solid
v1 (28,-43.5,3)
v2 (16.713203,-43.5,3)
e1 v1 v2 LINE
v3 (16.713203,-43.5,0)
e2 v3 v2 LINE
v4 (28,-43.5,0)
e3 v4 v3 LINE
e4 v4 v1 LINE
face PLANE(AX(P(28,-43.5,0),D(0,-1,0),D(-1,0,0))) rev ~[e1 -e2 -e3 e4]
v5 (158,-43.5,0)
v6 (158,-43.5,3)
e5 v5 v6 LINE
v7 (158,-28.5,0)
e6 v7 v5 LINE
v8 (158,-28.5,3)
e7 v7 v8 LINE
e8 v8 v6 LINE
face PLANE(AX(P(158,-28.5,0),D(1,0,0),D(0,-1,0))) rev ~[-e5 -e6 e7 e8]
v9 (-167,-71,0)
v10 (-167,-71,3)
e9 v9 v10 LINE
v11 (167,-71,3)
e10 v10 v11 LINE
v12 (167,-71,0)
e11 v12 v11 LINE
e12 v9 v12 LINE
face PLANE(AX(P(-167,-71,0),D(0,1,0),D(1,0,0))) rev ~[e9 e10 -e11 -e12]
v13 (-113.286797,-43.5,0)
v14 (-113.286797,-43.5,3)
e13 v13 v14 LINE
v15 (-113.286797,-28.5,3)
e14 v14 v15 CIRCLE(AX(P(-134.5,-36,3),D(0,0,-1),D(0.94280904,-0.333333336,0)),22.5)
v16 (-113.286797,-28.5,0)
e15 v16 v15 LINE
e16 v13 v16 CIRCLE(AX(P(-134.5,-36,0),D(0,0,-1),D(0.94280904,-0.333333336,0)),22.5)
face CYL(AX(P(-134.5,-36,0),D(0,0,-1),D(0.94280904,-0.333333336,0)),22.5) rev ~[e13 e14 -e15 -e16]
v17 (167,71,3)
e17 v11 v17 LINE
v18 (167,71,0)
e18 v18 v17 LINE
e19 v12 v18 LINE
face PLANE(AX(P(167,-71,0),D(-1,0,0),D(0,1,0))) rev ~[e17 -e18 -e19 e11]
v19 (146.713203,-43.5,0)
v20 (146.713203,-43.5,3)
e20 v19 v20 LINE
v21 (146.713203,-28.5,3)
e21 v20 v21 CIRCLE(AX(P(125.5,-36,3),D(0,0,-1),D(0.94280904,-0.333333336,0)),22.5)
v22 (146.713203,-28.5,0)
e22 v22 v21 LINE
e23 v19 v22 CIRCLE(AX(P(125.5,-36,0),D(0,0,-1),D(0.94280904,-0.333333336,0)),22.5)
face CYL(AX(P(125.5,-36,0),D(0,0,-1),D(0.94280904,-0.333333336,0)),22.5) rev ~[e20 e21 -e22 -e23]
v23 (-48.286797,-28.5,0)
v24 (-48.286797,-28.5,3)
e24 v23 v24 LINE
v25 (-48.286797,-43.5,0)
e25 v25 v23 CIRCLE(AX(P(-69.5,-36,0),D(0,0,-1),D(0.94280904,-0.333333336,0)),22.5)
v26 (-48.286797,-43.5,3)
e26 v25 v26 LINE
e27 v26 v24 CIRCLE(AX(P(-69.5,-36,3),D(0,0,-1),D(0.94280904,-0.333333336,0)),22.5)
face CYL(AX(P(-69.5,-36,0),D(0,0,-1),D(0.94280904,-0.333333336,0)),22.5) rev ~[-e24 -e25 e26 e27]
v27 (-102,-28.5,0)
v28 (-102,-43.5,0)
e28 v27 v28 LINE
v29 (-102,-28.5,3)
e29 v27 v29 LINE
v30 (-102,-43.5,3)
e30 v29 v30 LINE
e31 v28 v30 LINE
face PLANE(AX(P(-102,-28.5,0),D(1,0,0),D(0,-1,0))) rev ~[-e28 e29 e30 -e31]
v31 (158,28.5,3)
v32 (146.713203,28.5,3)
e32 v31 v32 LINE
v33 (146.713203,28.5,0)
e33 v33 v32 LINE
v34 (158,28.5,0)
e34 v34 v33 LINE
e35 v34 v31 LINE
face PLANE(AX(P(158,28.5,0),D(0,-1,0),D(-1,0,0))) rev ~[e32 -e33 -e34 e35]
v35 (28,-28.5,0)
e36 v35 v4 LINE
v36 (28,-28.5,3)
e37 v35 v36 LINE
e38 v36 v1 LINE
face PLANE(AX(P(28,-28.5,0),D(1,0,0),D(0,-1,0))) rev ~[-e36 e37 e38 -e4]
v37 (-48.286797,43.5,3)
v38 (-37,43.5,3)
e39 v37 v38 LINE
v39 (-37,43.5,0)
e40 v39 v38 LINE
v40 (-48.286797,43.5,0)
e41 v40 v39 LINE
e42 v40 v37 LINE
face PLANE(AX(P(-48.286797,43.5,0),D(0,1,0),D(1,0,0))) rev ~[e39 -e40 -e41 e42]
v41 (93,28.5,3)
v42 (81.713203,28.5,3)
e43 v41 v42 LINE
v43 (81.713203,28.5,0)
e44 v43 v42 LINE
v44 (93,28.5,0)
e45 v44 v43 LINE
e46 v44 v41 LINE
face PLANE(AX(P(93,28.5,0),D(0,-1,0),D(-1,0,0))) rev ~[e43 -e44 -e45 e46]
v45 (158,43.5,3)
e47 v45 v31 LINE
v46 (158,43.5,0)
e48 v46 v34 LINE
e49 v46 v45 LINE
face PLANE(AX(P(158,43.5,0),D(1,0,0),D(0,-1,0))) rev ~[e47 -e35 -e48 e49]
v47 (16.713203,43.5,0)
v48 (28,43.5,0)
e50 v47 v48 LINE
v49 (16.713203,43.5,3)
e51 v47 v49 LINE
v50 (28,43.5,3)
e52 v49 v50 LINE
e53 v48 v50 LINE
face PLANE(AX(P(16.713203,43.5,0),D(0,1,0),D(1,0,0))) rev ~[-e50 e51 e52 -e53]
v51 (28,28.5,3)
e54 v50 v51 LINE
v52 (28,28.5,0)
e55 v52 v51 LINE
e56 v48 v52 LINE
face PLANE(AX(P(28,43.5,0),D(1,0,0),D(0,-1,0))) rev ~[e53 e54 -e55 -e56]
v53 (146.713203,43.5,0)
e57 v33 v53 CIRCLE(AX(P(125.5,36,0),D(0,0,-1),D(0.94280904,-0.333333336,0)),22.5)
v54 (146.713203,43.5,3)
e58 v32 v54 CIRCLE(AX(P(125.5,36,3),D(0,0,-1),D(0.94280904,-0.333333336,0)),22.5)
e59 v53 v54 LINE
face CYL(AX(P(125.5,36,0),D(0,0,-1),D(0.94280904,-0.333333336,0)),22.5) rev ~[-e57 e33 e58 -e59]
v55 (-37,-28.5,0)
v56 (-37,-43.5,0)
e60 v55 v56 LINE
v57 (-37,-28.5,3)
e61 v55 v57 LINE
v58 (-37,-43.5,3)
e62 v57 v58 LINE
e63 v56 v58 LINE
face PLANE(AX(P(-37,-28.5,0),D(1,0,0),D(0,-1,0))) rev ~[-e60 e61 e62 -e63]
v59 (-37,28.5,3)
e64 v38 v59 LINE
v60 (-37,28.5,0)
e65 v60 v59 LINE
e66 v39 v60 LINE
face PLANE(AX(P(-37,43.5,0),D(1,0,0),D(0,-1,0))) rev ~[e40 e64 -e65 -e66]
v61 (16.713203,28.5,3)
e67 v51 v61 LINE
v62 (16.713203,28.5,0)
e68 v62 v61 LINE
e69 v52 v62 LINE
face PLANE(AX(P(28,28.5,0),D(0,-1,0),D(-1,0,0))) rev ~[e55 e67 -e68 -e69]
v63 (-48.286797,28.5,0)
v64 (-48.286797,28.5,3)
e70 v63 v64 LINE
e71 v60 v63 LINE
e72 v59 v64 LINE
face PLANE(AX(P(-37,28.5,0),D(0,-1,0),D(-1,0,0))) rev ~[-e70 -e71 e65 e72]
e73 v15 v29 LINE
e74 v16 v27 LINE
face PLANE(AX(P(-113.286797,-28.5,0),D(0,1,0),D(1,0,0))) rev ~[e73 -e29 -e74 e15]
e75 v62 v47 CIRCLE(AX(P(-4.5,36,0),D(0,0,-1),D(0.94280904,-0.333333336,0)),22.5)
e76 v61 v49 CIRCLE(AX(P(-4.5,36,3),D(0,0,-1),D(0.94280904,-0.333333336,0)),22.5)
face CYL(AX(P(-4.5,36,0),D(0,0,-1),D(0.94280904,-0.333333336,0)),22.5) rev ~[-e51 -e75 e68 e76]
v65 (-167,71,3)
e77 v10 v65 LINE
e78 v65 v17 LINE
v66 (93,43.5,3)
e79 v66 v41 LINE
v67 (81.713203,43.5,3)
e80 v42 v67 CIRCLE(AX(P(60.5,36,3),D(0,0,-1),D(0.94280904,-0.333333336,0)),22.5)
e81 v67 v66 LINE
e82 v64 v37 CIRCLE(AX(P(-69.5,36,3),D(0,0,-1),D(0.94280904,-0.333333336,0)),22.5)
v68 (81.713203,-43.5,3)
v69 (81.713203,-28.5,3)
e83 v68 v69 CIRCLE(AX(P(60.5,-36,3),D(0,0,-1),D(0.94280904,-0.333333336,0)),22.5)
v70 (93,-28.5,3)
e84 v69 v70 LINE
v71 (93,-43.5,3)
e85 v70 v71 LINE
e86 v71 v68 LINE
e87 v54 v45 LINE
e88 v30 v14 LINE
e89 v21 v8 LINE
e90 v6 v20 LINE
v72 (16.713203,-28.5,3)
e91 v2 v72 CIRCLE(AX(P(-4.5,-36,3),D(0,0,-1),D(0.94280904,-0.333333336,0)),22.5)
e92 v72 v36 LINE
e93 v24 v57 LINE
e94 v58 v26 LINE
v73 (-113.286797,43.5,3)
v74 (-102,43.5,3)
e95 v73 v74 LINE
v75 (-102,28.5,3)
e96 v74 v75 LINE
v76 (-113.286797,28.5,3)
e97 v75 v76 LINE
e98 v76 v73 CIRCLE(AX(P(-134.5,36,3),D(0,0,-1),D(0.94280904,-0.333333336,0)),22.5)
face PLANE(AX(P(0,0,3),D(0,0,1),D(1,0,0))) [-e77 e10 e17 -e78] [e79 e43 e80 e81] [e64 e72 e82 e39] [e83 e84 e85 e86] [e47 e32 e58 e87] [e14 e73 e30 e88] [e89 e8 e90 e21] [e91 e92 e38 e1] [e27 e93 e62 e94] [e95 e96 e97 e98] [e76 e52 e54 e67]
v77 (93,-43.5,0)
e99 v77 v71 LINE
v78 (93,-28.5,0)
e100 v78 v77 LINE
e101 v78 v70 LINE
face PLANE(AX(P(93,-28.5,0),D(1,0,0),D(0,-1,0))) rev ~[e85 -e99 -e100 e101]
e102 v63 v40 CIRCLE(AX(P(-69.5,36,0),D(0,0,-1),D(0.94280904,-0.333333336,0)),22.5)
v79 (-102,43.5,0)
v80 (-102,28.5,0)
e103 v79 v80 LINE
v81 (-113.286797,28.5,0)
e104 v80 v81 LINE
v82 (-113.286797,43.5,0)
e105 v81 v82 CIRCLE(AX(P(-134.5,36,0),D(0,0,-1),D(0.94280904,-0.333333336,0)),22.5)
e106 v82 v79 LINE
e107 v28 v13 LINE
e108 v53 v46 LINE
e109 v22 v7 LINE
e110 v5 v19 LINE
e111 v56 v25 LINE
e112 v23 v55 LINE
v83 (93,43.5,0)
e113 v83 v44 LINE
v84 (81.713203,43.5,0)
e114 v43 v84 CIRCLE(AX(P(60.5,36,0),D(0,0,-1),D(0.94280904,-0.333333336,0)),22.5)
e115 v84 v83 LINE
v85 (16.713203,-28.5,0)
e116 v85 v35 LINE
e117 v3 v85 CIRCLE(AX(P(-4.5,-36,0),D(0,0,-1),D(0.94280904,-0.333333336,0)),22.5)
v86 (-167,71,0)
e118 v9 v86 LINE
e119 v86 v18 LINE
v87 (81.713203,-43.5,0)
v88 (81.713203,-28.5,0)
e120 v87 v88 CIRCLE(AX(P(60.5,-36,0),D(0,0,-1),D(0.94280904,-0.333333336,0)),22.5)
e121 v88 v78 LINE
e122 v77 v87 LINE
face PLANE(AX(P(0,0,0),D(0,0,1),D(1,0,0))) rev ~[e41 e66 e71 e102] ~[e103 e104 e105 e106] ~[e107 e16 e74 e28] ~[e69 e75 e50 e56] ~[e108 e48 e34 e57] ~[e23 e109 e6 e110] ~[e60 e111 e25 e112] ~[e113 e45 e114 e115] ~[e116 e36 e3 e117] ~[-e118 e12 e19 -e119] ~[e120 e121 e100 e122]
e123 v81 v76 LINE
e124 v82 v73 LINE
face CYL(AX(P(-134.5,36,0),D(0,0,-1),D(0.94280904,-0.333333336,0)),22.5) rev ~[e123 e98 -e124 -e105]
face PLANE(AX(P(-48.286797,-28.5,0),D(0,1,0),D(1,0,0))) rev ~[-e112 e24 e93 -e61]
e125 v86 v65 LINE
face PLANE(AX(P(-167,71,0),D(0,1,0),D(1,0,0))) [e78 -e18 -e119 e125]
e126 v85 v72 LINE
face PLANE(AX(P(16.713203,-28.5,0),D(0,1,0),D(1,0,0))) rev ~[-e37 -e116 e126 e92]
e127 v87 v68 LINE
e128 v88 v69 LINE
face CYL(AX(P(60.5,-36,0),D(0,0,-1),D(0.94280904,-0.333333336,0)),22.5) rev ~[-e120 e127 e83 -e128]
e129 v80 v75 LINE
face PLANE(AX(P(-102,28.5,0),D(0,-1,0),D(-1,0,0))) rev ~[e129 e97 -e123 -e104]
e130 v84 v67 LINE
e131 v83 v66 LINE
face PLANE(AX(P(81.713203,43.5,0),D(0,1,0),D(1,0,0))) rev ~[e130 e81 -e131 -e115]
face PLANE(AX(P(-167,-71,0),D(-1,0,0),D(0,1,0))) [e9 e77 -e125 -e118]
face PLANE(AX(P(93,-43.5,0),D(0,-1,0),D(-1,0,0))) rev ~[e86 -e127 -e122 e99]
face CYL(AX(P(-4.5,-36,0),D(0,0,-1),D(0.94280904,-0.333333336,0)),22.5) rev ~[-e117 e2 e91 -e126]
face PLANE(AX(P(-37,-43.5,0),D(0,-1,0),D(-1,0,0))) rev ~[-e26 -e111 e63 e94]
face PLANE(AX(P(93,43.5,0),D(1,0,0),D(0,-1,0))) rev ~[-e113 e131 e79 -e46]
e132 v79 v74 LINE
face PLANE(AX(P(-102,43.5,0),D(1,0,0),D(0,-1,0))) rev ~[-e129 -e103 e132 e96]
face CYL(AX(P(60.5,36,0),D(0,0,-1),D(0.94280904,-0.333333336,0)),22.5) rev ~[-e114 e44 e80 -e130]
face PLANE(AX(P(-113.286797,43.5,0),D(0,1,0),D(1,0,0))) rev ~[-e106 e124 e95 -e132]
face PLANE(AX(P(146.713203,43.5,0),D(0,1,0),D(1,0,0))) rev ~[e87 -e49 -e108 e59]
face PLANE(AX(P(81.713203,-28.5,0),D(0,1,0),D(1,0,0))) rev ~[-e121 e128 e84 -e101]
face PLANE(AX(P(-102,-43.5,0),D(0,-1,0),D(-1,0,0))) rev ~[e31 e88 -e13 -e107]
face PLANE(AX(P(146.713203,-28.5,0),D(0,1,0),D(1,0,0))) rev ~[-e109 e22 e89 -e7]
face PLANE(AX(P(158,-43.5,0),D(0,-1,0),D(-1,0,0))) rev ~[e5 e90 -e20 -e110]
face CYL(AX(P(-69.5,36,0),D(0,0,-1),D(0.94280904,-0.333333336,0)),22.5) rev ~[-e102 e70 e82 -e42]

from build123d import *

# Parameters (mm, degrees)
F0_W     = 334
F0_H     = 142
F1_DEPTH = 3


with BuildPart() as f1:
    # F0 (on Top) → F1 (new body)
    with BuildSketch(Plane.XY):
        Rectangle(F0_W, F0_H)
        with BuildLine():
            ThreePointArc((-113.286797, -43.5), (-157, -36), (-113.286797, -28.5))
            Line((-113.286797, -28.5), (-102, -28.5))
            Line((-102, -28.5), (-102, -43.5))
            Line((-102, -43.5), (-113.286797, -43.5))
        make_face(mode=Mode.SUBTRACT)
        with BuildLine():
            ThreePointArc((-48.286797, -43.5), (-92, -36), (-48.286797, -28.5))
            Line((-48.286797, -28.5), (-37, -28.5))
            Line((-37, -28.5), (-37, -43.5))
            Line((-37, -43.5), (-48.286797, -43.5))
        make_face(mode=Mode.SUBTRACT)
        with BuildLine():
            ThreePointArc((16.713203, -43.5), (-27, -36), (16.713203, -28.5))
            Line((16.713203, -28.5), (28, -28.5))
            Line((28, -28.5), (28, -43.5))
            Line((28, -43.5), (16.713203, -43.5))
        make_face(mode=Mode.SUBTRACT)
        with BuildLine():
            ThreePointArc((81.713203, -43.5), (38, -36), (81.713203, -28.5))
            Line((81.713203, -28.5), (93, -28.5))
            Line((93, -28.5), (93, -43.5))
            Line((93, -43.5), (81.713203, -43.5))
        make_face(mode=Mode.SUBTRACT)
        with BuildLine():
            ThreePointArc((146.713203, -43.5), (103, -36), (146.713203, -28.5))
            Line((146.713203, -28.5), (158, -28.5))
            Line((158, -28.5), (158, -43.5))
            Line((158, -43.5), (146.713203, -43.5))
        make_face(mode=Mode.SUBTRACT)
        with BuildLine():
            ThreePointArc((-113.286797, 28.5), (-157, 36), (-113.286797, 43.5))
            Line((-113.286797, 43.5), (-102, 43.5))
            Line((-102, 43.5), (-102, 28.5))
            Line((-102, 28.5), (-113.286797, 28.5))
        make_face(mode=Mode.SUBTRACT)
        with BuildLine():
            ThreePointArc((-48.286797, 28.5), (-92, 36), (-48.286797, 43.5))
            Line((-48.286797, 43.5), (-37, 43.5))
            Line((-37, 43.5), (-37, 28.5))
            Line((-37, 28.5), (-48.286797, 28.5))
        make_face(mode=Mode.SUBTRACT)
        with BuildLine():
            ThreePointArc((16.713203, 28.5), (-27, 36), (16.713203, 43.5))
            Line((16.713203, 43.5), (28, 43.5))
            Line((28, 43.5), (28, 28.5))
            Line((28, 28.5), (16.713203, 28.5))
        make_face(mode=Mode.SUBTRACT)
        with BuildLine():
            ThreePointArc((81.713203, 28.5), (38, 36), (81.713203, 43.5))
            Line((81.713203, 43.5), (93, 43.5))
            Line((93, 43.5), (93, 28.5))
            Line((93, 28.5), (81.713203, 28.5))
        make_face(mode=Mode.SUBTRACT)
        with BuildLine():
            ThreePointArc((146.713203, 28.5), (103, 36), (146.713203, 43.5))
            Line((146.713203, 43.5), (158, 43.5))
            Line((158, 43.5), (158, 28.5))
            Line((158, 28.5), (146.713203, 28.5))
        make_face(mode=Mode.SUBTRACT)
    extrude(amount=F1_DEPTH)


solid = f1.part
